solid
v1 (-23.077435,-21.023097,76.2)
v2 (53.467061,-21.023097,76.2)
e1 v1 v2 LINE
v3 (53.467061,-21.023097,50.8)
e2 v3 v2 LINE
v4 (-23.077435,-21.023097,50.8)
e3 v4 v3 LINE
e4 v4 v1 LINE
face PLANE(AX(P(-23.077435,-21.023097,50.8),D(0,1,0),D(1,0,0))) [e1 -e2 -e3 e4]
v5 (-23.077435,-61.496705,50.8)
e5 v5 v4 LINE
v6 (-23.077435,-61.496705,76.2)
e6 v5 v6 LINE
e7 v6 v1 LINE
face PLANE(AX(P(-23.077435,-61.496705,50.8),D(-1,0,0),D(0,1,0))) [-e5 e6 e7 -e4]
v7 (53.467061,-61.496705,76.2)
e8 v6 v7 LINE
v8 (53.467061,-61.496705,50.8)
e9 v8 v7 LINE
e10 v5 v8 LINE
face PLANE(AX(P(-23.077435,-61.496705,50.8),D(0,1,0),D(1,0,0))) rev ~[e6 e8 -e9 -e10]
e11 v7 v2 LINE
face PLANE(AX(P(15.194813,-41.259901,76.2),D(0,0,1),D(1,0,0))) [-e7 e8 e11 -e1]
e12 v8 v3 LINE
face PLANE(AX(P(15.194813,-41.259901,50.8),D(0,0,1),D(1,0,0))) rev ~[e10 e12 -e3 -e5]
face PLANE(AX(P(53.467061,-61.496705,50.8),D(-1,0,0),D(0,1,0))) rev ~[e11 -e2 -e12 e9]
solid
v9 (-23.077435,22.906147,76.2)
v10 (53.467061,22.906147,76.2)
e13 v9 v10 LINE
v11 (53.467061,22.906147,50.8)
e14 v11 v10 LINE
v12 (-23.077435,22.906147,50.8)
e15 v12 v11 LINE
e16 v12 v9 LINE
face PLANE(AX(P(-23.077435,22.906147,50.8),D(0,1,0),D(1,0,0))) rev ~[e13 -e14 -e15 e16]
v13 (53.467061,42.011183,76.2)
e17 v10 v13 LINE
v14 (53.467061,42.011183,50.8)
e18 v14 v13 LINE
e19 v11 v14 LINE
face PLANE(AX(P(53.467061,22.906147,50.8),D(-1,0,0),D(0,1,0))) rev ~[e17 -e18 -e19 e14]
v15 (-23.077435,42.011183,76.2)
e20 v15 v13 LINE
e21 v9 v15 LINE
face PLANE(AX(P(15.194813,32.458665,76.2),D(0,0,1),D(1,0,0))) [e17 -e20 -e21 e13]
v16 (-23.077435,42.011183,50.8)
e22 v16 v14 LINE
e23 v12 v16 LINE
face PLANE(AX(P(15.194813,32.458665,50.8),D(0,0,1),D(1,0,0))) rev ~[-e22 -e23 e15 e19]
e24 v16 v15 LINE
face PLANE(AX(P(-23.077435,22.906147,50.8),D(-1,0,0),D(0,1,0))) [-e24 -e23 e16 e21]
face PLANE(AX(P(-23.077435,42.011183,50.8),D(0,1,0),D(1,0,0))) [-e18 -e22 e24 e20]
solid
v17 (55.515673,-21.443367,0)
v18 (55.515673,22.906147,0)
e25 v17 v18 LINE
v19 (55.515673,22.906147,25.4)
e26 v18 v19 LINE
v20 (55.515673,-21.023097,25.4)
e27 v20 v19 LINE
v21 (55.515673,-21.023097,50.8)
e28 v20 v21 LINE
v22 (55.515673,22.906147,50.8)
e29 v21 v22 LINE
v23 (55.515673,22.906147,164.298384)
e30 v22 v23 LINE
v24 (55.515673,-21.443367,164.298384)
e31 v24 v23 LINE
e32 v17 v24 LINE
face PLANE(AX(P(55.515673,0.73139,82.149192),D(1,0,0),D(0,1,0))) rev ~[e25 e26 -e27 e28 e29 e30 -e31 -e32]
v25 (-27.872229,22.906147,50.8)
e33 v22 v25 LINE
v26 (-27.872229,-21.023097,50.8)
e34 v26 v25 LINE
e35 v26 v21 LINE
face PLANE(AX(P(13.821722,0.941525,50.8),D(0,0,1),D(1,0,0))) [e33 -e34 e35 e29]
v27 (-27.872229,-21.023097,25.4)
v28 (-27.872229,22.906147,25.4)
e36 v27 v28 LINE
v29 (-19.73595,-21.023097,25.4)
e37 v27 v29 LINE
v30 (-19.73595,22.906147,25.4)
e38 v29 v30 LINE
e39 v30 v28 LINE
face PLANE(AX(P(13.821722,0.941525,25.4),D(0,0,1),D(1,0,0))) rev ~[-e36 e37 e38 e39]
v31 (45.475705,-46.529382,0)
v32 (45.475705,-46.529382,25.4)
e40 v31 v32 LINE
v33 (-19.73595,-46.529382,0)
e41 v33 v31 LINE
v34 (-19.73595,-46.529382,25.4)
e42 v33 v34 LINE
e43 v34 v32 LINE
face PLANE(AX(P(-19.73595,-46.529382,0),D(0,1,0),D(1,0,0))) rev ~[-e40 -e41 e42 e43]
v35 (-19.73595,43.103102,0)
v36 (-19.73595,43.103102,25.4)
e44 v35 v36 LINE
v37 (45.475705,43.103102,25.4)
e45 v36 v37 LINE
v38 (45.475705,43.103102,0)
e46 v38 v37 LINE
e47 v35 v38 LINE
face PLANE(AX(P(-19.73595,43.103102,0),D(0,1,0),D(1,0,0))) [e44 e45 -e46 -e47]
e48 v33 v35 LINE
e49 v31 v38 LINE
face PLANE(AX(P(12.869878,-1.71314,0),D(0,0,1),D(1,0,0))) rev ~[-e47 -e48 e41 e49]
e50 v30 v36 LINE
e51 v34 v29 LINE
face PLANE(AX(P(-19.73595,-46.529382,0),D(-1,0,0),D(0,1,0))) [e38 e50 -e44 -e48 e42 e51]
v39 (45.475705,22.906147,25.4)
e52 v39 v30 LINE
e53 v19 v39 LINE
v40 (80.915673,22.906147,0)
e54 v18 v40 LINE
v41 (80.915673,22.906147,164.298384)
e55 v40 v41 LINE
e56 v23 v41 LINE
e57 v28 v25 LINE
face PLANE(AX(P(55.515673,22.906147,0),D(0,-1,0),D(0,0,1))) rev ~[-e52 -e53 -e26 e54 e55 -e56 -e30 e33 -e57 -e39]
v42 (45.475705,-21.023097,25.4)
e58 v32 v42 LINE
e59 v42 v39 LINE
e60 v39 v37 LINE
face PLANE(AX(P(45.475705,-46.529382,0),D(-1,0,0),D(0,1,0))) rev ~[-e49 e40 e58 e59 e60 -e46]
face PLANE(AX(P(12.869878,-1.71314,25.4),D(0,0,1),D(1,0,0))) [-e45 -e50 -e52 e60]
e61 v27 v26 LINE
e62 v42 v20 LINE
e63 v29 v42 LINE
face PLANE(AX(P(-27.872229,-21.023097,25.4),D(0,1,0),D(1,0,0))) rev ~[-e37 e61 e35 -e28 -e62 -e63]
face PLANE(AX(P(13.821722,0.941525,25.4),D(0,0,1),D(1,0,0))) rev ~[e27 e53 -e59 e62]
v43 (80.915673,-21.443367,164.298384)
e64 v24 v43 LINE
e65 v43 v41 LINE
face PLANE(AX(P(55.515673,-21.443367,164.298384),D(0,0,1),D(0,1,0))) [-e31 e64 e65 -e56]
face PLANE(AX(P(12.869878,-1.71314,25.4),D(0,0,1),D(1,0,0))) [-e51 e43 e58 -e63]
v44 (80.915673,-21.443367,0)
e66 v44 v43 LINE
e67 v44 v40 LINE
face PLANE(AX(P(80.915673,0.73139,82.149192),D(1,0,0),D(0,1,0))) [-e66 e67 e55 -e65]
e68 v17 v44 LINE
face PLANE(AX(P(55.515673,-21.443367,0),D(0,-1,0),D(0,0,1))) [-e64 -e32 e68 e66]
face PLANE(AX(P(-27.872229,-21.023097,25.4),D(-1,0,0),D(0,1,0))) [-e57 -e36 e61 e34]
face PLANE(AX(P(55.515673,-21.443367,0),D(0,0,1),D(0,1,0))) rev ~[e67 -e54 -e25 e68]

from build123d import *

# Parameters (mm, degrees)
F0_W     = 65.211655
F0_H     = 89.632485
F1_DEPTH = 25.4
F2_W     = 83.387902
F2_H     = 43.929244
F2_W_2   = 8.13628
F3_DEPTH = 25.4
F4_W     = 76.544497
F4_H     = 19.105036
F4_H_2   = 40.473608
F5_DEPTH = 25.4
F6_W     = 44.349514
F6_H     = 164.298385
F7_DEPTH = 25.4


with BuildPart() as f1:
    # F0 (on Top) → F1 (new body)
    with BuildSketch(Plane.XY):
        with Locations((12.869878, -1.71314)):
            Rectangle(F0_W, F0_H)
    extrude(amount=F1_DEPTH)

    # F2 (on face) → F3 (join)
    with BuildSketch(Plane.XY.offset(25.4)):
        with Locations((13.821722, 0.941525)):
            Rectangle(F2_W, F2_H)
        with Locations((-23.804089, 0.941525)):
            Rectangle(F2_W_2, F2_H)
    extrude(amount=F3_DEPTH)

    # F6 (on face) → F7 (join)
    with BuildSketch(Plane.YZ.offset(55.515673)):
        with Locations((0.73139, 82.149192)):
            Rectangle(F6_W, F6_H)
    extrude(amount=F7_DEPTH)


with BuildPart() as f5:
    # F4 (on face) → F5 (new body)
    with BuildSketch(Plane.XY.offset(50.8)):
        with Locations((15.194813, 32.458665)):
            Rectangle(F4_W, F4_H)
        with Locations((15.194813, -41.259901)):
            Rectangle(F4_W, F4_H_2)
    extrude(amount=F5_DEPTH)


solid = Compound([f1.part, f5.part])
